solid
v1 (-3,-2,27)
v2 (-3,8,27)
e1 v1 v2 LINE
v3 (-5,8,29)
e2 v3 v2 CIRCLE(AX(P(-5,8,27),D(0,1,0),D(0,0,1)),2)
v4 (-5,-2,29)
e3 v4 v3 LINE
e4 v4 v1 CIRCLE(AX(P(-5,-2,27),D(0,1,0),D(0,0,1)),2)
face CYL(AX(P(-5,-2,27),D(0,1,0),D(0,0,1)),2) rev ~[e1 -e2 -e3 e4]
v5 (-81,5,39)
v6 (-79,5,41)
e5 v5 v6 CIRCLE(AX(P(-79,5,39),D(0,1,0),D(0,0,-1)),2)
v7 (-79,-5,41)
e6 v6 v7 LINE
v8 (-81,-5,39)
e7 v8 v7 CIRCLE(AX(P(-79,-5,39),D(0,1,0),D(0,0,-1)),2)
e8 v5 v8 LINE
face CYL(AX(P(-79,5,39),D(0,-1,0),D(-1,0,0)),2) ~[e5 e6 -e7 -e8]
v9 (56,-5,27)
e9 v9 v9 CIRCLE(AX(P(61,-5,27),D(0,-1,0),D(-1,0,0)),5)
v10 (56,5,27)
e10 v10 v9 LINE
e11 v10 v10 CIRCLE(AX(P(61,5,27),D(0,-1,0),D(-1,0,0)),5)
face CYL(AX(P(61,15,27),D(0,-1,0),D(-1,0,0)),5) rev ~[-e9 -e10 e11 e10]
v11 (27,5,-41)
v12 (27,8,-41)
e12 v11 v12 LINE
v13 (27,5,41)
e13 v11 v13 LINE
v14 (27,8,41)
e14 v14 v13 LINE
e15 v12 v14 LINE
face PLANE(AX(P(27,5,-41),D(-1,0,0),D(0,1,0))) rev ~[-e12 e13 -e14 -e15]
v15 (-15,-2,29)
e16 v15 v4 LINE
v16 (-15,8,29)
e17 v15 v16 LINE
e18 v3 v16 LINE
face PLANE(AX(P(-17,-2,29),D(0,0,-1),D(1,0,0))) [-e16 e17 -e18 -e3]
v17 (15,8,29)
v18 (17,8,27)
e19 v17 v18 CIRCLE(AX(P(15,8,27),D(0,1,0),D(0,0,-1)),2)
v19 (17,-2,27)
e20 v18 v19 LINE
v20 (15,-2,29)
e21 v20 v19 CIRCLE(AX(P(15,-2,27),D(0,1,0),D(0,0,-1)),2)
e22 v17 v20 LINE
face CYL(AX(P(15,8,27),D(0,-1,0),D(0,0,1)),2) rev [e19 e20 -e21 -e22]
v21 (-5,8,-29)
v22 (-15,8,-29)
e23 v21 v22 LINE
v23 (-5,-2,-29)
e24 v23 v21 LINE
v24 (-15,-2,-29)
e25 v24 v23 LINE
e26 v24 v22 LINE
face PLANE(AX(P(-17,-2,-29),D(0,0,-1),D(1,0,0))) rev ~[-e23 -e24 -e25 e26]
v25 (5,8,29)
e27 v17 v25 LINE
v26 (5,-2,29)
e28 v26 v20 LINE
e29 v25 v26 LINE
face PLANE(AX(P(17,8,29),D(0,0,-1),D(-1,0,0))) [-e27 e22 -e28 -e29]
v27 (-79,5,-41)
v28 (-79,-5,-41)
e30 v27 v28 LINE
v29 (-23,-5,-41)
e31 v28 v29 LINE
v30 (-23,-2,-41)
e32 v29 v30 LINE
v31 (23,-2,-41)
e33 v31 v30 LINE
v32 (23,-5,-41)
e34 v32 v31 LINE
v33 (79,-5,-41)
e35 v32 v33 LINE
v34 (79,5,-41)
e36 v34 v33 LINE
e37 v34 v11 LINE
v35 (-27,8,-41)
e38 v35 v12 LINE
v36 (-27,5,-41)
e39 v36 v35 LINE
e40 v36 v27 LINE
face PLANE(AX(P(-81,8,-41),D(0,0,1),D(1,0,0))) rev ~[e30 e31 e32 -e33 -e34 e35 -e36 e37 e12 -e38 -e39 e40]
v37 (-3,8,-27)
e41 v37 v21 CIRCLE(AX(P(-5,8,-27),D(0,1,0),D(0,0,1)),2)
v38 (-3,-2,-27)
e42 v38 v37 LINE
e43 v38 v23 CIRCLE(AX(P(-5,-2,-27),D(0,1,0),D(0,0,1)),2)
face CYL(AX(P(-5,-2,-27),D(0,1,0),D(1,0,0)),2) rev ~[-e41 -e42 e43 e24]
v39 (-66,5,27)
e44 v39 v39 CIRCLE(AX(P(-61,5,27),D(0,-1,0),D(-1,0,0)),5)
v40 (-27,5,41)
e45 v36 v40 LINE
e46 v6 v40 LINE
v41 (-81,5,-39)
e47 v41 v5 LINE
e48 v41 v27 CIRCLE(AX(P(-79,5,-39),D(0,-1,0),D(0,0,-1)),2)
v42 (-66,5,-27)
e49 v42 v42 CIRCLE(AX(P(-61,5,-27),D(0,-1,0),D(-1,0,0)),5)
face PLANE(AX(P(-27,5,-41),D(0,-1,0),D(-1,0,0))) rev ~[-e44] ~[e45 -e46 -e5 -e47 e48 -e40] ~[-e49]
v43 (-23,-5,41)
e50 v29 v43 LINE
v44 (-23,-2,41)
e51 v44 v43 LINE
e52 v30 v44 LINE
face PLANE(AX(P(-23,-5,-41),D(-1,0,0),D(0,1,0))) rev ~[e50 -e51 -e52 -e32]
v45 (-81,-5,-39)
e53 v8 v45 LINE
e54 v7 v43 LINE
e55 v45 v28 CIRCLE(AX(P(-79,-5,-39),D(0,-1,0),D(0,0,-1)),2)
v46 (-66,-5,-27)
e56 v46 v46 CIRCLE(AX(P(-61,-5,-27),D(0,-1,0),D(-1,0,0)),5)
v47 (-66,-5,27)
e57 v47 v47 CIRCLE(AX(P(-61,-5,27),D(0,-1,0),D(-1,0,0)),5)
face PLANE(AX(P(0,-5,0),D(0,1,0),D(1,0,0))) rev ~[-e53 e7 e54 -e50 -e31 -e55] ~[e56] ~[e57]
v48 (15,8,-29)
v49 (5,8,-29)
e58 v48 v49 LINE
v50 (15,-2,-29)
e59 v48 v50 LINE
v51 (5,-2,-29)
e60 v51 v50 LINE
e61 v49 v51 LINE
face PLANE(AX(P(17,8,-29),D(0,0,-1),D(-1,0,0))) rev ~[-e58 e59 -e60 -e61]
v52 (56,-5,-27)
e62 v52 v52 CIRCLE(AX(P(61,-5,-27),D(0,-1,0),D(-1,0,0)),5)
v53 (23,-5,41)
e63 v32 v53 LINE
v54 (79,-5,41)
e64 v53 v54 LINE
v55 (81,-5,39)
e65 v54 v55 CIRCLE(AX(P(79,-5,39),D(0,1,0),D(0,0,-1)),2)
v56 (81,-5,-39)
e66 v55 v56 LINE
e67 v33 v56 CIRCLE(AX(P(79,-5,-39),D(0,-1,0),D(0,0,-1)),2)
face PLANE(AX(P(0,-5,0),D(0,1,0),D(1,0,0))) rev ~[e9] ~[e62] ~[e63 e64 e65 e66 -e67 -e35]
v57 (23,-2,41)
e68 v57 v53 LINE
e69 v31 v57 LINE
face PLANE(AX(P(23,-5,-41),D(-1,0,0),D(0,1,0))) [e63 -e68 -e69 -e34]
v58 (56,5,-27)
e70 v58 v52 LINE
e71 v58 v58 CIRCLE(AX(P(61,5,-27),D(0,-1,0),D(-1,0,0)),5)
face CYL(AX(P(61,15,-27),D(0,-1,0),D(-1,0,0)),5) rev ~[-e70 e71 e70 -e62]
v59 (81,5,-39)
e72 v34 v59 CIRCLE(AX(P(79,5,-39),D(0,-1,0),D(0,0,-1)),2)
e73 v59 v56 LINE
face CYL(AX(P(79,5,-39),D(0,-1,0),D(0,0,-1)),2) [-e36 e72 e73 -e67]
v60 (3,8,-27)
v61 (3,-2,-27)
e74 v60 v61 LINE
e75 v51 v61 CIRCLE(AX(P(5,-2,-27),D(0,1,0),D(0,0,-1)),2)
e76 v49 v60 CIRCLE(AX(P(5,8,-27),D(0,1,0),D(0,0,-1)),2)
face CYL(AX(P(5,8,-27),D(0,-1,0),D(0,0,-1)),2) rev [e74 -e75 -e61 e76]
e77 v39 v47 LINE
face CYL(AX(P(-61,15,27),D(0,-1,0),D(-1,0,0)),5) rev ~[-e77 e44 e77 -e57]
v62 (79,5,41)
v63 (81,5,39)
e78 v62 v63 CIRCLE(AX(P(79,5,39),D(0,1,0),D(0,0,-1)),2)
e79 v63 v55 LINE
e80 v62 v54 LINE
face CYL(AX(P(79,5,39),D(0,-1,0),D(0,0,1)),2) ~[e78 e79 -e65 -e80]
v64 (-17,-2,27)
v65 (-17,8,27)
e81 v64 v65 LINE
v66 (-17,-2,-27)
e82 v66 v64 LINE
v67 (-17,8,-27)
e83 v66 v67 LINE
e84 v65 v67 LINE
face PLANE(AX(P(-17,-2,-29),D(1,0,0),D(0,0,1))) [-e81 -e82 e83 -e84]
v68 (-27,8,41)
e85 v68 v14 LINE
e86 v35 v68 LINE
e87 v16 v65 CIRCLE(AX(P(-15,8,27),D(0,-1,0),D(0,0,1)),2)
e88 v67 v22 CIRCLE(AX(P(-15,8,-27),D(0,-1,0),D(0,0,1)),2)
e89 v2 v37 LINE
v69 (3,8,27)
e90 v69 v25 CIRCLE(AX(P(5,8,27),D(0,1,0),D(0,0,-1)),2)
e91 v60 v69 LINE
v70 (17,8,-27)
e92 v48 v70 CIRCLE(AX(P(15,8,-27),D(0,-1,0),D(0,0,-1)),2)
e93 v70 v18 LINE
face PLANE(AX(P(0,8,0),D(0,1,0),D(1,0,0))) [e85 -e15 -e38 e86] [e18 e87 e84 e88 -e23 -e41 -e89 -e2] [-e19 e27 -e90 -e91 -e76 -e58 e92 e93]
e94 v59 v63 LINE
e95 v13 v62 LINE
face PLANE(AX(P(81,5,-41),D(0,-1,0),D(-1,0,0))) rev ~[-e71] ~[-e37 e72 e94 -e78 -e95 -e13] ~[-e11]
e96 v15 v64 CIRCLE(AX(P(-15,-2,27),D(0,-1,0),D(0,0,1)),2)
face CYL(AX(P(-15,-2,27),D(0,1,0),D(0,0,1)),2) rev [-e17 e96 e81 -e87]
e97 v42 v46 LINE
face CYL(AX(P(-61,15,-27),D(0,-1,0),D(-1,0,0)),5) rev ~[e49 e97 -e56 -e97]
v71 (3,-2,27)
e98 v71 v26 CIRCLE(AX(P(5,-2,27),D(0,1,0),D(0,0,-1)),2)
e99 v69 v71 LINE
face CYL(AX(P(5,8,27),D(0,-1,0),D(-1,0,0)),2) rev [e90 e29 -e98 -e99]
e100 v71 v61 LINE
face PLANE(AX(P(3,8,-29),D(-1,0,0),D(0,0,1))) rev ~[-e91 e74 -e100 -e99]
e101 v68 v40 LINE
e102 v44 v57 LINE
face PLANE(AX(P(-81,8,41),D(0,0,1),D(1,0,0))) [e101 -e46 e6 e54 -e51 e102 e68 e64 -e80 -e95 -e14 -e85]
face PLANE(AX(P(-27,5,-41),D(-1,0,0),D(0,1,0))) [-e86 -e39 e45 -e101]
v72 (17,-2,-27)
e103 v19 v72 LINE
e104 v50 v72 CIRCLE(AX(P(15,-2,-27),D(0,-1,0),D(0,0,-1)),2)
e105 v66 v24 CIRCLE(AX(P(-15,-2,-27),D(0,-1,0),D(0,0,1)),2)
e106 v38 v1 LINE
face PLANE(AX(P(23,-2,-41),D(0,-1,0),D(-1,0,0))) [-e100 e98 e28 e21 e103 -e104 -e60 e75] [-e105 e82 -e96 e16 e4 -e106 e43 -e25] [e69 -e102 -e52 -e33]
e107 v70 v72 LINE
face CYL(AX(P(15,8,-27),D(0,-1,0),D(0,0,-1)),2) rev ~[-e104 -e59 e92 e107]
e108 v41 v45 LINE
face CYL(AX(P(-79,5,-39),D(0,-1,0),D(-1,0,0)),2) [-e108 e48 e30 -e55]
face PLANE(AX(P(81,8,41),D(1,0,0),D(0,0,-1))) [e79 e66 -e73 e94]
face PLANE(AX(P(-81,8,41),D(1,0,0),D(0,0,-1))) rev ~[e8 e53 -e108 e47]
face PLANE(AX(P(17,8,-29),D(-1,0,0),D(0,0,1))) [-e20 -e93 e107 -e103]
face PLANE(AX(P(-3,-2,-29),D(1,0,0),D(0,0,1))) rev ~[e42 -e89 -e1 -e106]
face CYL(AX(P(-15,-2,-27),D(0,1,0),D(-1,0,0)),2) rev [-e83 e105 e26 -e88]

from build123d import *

# Parameters (mm, degrees)
SKETCH1_W                   = 162
SKETCH1_H                   = 82
BOSS_EXTRUDE1_DEPTH         = 13
SKETCH2_W                   = 54
SKETCH2_H                   = 3
CUT_EXTRUDE1_DEPTH          = 83
SKETCH3_W                   = 54
SKETCH3_H                   = 3
CUT_EXTRUDE2_DEPTH          = 83
SKETCH4_W                   = 46
SKETCH4_H                   = 3
CUT_EXTRUDE3_DEPTH          = 83
SKETCH5_W                   = 14
SKETCH5_H                   = 58
CUT_EXTRUDE4_DEPTH          = 11
SKETCH6_W                   = 14
SKETCH6_H                   = 58
CUT_EXTRUDE5_DEPTH          = 14
F_3_8_CLEARANCE_HOLE1_D     = 10
F_3_8_CLEARANCE_HOLE1_DEPTH = 10
FILLET1_R                   = 2


with BuildPart() as part:
    # Sketch1 → Boss-Extrude1 (new body)
    with BuildSketch(Plane(origin=(0, 8, 0), x_dir=(1, 0, 0), z_dir=(0, 1, 0))):
        Rectangle(SKETCH1_W, SKETCH1_H)
    extrude(amount=-BOSS_EXTRUDE1_DEPTH)

    # Sketch2 → Cut-Extrude1 (cut, through all)
    with BuildSketch(Plane(origin=(0, 0, -41), x_dir=(-1, 0, 0), z_dir=(0, 0, -1))):
        with Locations((-54, 6.5)):
            Rectangle(SKETCH2_W, SKETCH2_H)
    extrude(amount=-CUT_EXTRUDE1_DEPTH, mode=Mode.SUBTRACT)

    # Sketch3 → Cut-Extrude2 (cut, through all)
    with BuildSketch(Plane(origin=(0, 0, -41), x_dir=(-1, 0, 0), z_dir=(0, 0, -1))):
        with Locations((54, 6.5)):
            Rectangle(SKETCH3_W, SKETCH3_H)
    extrude(amount=-CUT_EXTRUDE2_DEPTH, mode=Mode.SUBTRACT)

    # Sketch4 → Cut-Extrude3 (cut, through all)
    with BuildSketch(Plane(origin=(0, 0, -41), x_dir=(-1, 0, 0), z_dir=(0, 0, -1))):
        with Locations((0, -3.5)):
            Rectangle(SKETCH4_W, SKETCH4_H)
    extrude(amount=-CUT_EXTRUDE3_DEPTH, mode=Mode.SUBTRACT)

    # Sketch5 → Cut-Extrude4 (cut, through all)
    with BuildSketch(Plane.XZ.offset(2)):
        with Locations((-10, 0)):
            Rectangle(SKETCH5_W, SKETCH5_H)
    extrude(amount=-CUT_EXTRUDE4_DEPTH, mode=Mode.SUBTRACT)

    # Sketch6 → Cut-Extrude5 (cut, through all)
    with BuildSketch(Plane(origin=(0, 8, 0), x_dir=(-1, 0, 0), z_dir=(0, 1, 0))):
        with Locations((-10, 0)):
            Rectangle(SKETCH6_W, SKETCH6_H)
    extrude(amount=-CUT_EXTRUDE5_DEPTH, mode=Mode.SUBTRACT)

    # 3/8 Clearance Hole1
    with Locations(Plane(origin=(0, 5, 0), x_dir=(1, 0, 0), z_dir=(0, 1, 0))):
        with Locations((-61, 27), (61, 27), (-61, -27), (61, -27)):
            Hole(F_3_8_CLEARANCE_HOLE1_D / 2, depth=F_3_8_CLEARANCE_HOLE1_DEPTH)

    # Fillet1
    fillet1_edges = [part.edges().sort_by_distance(p)[0] for p in [
        (-3, 3, 29),
        (-3, 3, -29),
        (-17, 3, -29),
        (-17, 3, 29),
        (3, 3, -29),
        (81, 0, 41),
        (17, 3, -29),
        (17, 3, 29),
        (3, 3, 29),
        (-81, 0, 41),
        (-81, 0, -41),
        (81, 0, -41),
    ]]
    fillet(fillet1_edges, radius=FILLET1_R)


solid = part.part
